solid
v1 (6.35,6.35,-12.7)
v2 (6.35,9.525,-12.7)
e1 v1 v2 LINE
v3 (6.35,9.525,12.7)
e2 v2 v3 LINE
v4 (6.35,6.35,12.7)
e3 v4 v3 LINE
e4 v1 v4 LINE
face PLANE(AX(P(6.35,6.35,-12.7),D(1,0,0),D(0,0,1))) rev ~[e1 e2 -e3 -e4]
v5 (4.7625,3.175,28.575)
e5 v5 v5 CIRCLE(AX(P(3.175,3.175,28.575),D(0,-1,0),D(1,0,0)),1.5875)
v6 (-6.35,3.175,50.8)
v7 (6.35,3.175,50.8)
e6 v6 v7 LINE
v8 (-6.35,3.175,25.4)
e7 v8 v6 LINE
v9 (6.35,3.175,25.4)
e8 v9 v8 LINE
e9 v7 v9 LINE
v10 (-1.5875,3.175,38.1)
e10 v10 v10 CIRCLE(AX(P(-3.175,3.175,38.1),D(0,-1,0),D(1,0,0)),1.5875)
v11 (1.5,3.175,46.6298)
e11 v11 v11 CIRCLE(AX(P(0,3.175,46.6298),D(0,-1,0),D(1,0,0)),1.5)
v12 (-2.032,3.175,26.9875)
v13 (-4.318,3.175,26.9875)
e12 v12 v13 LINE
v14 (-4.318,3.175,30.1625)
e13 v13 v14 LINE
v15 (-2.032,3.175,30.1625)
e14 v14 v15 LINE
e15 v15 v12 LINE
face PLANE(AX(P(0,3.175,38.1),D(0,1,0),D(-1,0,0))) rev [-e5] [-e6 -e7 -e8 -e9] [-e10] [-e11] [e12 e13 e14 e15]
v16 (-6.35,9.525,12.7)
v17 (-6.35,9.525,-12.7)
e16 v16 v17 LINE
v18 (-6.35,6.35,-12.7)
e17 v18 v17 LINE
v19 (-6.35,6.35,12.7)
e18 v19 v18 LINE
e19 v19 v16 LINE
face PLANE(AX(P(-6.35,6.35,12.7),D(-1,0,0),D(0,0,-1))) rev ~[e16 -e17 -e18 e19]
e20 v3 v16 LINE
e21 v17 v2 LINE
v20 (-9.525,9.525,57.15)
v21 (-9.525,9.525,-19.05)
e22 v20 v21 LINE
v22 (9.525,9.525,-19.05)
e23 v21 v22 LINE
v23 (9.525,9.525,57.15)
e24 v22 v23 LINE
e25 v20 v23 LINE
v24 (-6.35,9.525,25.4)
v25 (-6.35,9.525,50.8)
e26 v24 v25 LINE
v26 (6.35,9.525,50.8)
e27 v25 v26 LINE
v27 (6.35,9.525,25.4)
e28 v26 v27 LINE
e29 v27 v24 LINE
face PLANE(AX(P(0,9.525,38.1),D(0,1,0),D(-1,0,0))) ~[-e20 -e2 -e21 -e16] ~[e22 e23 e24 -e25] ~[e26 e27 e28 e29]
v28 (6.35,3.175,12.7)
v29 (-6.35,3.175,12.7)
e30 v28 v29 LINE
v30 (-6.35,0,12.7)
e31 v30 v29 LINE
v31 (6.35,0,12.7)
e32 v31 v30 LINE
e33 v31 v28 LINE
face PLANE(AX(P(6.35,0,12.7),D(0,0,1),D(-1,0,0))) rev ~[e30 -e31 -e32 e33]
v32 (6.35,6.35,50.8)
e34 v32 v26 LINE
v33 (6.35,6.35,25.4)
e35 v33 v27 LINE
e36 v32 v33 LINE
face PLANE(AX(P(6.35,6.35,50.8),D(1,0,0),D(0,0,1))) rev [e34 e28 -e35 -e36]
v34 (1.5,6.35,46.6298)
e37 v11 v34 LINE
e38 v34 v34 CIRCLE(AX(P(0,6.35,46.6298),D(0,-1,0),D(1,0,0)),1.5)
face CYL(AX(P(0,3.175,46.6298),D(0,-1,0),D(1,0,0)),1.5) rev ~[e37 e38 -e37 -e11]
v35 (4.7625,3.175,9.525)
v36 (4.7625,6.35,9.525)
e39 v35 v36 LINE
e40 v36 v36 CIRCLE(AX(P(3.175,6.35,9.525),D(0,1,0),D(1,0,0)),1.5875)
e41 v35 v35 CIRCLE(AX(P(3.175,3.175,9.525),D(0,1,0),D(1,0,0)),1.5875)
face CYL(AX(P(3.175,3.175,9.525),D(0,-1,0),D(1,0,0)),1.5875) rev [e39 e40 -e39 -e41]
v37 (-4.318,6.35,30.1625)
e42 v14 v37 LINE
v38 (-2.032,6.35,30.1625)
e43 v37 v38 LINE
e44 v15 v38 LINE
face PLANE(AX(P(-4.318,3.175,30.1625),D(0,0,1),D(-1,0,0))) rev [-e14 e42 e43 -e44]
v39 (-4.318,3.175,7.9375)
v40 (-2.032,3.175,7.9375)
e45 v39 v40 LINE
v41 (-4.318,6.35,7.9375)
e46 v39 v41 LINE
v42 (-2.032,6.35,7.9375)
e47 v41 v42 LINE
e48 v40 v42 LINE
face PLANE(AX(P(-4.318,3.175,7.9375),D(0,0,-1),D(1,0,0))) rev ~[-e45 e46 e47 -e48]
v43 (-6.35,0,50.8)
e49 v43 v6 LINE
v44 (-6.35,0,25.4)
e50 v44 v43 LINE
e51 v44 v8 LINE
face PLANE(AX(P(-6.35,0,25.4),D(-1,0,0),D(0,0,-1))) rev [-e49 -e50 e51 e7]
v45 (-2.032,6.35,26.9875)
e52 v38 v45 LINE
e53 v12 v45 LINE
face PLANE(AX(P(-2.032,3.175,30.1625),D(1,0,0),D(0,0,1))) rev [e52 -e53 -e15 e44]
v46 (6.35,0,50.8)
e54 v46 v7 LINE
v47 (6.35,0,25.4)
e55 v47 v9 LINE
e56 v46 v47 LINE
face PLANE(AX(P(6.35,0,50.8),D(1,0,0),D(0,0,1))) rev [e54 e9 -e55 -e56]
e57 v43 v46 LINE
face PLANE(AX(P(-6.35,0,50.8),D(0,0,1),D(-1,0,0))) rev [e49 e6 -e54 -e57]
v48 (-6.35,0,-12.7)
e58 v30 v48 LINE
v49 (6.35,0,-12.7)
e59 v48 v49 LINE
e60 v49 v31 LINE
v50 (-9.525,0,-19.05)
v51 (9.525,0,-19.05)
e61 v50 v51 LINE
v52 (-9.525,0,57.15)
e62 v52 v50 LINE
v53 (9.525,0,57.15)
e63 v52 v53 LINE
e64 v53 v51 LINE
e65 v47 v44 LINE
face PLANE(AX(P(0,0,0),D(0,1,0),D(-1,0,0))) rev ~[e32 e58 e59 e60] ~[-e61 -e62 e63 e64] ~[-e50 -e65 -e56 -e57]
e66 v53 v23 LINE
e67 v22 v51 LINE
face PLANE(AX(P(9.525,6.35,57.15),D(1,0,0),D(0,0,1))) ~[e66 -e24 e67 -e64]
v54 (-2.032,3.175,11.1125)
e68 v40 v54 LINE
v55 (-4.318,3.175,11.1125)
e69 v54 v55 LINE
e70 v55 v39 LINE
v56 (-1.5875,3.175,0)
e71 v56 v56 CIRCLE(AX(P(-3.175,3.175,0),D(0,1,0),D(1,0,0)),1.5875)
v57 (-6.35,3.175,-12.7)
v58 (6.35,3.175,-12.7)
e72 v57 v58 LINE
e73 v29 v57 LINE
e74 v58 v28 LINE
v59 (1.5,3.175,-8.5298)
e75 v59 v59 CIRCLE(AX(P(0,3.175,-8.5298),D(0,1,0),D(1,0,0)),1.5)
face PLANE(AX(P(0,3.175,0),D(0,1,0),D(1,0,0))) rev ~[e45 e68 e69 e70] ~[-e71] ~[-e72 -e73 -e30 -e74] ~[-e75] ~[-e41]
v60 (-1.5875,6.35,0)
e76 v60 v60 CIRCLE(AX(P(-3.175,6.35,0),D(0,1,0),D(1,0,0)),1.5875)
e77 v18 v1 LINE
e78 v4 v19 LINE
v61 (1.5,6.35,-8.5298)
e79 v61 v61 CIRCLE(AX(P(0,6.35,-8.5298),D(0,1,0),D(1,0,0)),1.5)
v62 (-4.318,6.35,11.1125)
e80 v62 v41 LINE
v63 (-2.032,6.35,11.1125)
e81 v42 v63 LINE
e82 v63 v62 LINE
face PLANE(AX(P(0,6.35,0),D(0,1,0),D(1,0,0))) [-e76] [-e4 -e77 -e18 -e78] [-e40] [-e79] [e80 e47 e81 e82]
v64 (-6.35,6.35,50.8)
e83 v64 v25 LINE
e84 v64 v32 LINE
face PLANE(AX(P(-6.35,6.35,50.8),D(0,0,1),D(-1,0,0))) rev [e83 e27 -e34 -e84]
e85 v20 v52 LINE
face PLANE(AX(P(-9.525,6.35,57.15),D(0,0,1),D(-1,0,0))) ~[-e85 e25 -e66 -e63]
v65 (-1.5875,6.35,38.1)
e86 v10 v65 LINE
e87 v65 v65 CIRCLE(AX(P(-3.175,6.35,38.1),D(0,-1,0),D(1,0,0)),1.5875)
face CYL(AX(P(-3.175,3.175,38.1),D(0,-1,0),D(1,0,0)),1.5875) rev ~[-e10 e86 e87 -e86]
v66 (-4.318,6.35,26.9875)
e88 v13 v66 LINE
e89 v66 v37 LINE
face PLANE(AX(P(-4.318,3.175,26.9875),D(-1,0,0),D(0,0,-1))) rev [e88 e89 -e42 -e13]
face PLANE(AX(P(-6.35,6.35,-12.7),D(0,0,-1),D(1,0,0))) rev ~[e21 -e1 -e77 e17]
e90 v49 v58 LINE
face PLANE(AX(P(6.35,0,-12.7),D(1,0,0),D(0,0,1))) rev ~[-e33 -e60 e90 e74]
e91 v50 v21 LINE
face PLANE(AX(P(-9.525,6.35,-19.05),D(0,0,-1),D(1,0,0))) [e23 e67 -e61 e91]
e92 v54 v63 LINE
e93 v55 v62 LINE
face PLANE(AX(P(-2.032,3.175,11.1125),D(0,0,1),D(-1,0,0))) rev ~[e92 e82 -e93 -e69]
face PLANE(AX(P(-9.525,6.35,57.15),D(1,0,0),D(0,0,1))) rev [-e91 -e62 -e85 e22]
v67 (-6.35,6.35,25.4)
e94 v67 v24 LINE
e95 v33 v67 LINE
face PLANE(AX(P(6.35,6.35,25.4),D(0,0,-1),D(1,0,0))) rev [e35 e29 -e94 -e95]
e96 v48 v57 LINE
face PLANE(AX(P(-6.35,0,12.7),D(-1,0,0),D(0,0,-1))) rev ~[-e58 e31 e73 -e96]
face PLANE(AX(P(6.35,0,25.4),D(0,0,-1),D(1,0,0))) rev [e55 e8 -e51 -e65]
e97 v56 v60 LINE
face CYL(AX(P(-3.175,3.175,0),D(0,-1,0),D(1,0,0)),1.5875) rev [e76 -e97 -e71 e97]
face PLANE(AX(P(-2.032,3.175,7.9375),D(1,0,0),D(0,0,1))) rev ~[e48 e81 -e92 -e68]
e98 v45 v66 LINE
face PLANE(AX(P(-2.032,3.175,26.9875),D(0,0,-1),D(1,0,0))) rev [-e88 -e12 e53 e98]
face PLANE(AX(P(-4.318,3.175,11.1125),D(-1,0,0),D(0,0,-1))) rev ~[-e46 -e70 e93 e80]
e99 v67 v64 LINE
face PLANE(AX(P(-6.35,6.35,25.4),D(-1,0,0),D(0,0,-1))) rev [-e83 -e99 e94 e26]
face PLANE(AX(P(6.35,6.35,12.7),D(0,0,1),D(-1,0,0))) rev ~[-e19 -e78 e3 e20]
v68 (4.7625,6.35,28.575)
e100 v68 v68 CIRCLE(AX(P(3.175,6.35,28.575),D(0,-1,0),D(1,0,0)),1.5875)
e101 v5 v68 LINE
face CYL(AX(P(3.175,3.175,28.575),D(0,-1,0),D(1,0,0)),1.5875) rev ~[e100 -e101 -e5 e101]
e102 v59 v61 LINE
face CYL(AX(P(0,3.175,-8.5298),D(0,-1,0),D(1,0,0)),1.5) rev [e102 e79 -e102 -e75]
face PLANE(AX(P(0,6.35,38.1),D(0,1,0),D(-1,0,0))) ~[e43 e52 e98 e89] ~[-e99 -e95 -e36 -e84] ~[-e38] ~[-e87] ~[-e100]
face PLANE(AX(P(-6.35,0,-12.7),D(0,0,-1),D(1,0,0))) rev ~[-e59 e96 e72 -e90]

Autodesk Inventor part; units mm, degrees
ref_plane "YZ Plane" through (0, 0, 0) normal (1, 0, 0) x (0, 1, 0)
ref_plane "XZ Plane" through (0, 0, 0) normal (0, 1, 0) x (-1, 0, 0)
ref_plane "XY Plane" through (0, 0, 0) normal (0, 0, 1) x (1, 0, 0)
sketch "Sketch1" plane through (0, 0, 0) normal (0, 1, 0) x (-1, 0, 0)
  line L0 (-6.35, 12.7) -> (6.35, 12.7)
  line L1 (6.35, 12.7) -> (6.35, -12.7)
  line L2 (6.35, -12.7) -> (-6.35, -12.7)
  line L3 (-6.35, -12.7) -> (-6.35, 12.7)
  line L4 (-6.35, 12.7) -> (6.35, -12.7) construction
  line L5 (6.35, 12.7) -> (-6.35, -12.7) construction
  line L6 (-9.525, 19.05) -> (9.525, 19.05)
  line L7 (9.525, 19.05) -> (9.525, -19.05)
  line L8 (9.525, -19.05) -> (-9.525, -19.05)
  line L9 (-9.525, -19.05) -> (-9.525, 19.05)
  line L10 (-9.525, 19.05) -> (9.525, -19.05) construction
  line L11 (9.525, 19.05) -> (-9.525, -19.05) construction
  line L12 (6.35, 15.875) -> (9.525, 15.875)
  line L13 (6.35, 15.875) -> (-9.525, 15.875)
  point P0 (0, 0)
  dimension "d0" = 12.7
  dimension "d1" = 25.4
extrude "Extrusion1" add sketch "Sketch1" along normal blind 3.175
sketch "Sketch2" plane through (0, 3.175, 0) normal (0, 1, 0) x (1, 0, 0)
  circle A0 centre (3.175, -9.525) radius 1.5875
  circle A1 centre (-3.175, 0) radius 1.5875
  circle A2 centre (0, 8.5298) radius 1.5
  line L0 (-4.318, -7.9375) -> (-2.032, -7.9375)
  line L1 (-2.032, -7.9375) -> (-2.032, -11.1125)
  line L2 (-2.032, -11.1125) -> (-4.318, -11.1125)
  line L3 (-4.318, -11.1125) -> (-4.318, -7.9375)
  line L4 (-4.318, -7.9375) -> (-2.032, -11.1125) construction
  line L5 (-2.032, -7.9375) -> (-4.318, -11.1125) construction
  line L6 (-9.525, 19.05) -> (-9.525, -19.05) projected
  line L7 (9.525, -19.05) -> (-9.525, -19.05)
  line L8 (-9.525, -19.05) -> (-9.525, 19.05)
  line L9 (-9.525, 19.05) -> (9.525, 19.05)
  line L10 (9.525, 19.05) -> (9.525, -19.05)
  line L11 (9.525, -19.05) -> (-9.525, 19.05) construction
  line L12 (-9.525, -19.05) -> (9.525, 19.05) construction
  point P0 (0, 0)
  point P1 (0, 0)
  dimension "d4" = 3.175
  dimension "d5" = 3.175
  dimension "d6" = 3
  dimension "d8" = 3.175
extrude "Extrusion2" add sketch "Sketch2" along normal blind 3.175
sketch "Sketch3" plane through (0, 6.35, 0) normal (0, 1, 0) x (1, 0, 0)
  line L0 (-9.525, 19.05) -> (-9.525, -19.05) projected
  line L1 (9.525, -19.05) -> (-9.525, -19.05)
  line L2 (-9.525, -19.05) -> (-9.525, 19.05)
  line L3 (-9.525, 19.05) -> (9.525, 19.05)
  line L4 (9.525, 19.05) -> (9.525, -19.05)
  line L5 (9.525, -19.05) -> (-9.525, 19.05) construction
  line L6 (-9.525, -19.05) -> (9.525, 19.05) construction
  line L7 (6.35, -12.7) -> (-6.35, -12.7)
  line L8 (-6.35, -12.7) -> (-6.35, 12.7)
  line L9 (-6.35, 12.7) -> (6.35, 12.7)
  line L10 (6.35, 12.7) -> (6.35, -12.7)
  line L11 (6.35, -12.7) -> (-6.35, 12.7) construction
  line L12 (-6.35, -12.7) -> (6.35, 12.7) construction
  point P0 (0, 0)
extrude "Extrusion3" add sketch "Sketch3" along normal blind 3.175
mirror "Mirror3" about plane through (-9.525, 0, 19.05) normal (0, 0, 1) of "Extrusion1", "Extrusion2", "Extrusion3"
properties part number "ExtendedSlottedCarrier"
